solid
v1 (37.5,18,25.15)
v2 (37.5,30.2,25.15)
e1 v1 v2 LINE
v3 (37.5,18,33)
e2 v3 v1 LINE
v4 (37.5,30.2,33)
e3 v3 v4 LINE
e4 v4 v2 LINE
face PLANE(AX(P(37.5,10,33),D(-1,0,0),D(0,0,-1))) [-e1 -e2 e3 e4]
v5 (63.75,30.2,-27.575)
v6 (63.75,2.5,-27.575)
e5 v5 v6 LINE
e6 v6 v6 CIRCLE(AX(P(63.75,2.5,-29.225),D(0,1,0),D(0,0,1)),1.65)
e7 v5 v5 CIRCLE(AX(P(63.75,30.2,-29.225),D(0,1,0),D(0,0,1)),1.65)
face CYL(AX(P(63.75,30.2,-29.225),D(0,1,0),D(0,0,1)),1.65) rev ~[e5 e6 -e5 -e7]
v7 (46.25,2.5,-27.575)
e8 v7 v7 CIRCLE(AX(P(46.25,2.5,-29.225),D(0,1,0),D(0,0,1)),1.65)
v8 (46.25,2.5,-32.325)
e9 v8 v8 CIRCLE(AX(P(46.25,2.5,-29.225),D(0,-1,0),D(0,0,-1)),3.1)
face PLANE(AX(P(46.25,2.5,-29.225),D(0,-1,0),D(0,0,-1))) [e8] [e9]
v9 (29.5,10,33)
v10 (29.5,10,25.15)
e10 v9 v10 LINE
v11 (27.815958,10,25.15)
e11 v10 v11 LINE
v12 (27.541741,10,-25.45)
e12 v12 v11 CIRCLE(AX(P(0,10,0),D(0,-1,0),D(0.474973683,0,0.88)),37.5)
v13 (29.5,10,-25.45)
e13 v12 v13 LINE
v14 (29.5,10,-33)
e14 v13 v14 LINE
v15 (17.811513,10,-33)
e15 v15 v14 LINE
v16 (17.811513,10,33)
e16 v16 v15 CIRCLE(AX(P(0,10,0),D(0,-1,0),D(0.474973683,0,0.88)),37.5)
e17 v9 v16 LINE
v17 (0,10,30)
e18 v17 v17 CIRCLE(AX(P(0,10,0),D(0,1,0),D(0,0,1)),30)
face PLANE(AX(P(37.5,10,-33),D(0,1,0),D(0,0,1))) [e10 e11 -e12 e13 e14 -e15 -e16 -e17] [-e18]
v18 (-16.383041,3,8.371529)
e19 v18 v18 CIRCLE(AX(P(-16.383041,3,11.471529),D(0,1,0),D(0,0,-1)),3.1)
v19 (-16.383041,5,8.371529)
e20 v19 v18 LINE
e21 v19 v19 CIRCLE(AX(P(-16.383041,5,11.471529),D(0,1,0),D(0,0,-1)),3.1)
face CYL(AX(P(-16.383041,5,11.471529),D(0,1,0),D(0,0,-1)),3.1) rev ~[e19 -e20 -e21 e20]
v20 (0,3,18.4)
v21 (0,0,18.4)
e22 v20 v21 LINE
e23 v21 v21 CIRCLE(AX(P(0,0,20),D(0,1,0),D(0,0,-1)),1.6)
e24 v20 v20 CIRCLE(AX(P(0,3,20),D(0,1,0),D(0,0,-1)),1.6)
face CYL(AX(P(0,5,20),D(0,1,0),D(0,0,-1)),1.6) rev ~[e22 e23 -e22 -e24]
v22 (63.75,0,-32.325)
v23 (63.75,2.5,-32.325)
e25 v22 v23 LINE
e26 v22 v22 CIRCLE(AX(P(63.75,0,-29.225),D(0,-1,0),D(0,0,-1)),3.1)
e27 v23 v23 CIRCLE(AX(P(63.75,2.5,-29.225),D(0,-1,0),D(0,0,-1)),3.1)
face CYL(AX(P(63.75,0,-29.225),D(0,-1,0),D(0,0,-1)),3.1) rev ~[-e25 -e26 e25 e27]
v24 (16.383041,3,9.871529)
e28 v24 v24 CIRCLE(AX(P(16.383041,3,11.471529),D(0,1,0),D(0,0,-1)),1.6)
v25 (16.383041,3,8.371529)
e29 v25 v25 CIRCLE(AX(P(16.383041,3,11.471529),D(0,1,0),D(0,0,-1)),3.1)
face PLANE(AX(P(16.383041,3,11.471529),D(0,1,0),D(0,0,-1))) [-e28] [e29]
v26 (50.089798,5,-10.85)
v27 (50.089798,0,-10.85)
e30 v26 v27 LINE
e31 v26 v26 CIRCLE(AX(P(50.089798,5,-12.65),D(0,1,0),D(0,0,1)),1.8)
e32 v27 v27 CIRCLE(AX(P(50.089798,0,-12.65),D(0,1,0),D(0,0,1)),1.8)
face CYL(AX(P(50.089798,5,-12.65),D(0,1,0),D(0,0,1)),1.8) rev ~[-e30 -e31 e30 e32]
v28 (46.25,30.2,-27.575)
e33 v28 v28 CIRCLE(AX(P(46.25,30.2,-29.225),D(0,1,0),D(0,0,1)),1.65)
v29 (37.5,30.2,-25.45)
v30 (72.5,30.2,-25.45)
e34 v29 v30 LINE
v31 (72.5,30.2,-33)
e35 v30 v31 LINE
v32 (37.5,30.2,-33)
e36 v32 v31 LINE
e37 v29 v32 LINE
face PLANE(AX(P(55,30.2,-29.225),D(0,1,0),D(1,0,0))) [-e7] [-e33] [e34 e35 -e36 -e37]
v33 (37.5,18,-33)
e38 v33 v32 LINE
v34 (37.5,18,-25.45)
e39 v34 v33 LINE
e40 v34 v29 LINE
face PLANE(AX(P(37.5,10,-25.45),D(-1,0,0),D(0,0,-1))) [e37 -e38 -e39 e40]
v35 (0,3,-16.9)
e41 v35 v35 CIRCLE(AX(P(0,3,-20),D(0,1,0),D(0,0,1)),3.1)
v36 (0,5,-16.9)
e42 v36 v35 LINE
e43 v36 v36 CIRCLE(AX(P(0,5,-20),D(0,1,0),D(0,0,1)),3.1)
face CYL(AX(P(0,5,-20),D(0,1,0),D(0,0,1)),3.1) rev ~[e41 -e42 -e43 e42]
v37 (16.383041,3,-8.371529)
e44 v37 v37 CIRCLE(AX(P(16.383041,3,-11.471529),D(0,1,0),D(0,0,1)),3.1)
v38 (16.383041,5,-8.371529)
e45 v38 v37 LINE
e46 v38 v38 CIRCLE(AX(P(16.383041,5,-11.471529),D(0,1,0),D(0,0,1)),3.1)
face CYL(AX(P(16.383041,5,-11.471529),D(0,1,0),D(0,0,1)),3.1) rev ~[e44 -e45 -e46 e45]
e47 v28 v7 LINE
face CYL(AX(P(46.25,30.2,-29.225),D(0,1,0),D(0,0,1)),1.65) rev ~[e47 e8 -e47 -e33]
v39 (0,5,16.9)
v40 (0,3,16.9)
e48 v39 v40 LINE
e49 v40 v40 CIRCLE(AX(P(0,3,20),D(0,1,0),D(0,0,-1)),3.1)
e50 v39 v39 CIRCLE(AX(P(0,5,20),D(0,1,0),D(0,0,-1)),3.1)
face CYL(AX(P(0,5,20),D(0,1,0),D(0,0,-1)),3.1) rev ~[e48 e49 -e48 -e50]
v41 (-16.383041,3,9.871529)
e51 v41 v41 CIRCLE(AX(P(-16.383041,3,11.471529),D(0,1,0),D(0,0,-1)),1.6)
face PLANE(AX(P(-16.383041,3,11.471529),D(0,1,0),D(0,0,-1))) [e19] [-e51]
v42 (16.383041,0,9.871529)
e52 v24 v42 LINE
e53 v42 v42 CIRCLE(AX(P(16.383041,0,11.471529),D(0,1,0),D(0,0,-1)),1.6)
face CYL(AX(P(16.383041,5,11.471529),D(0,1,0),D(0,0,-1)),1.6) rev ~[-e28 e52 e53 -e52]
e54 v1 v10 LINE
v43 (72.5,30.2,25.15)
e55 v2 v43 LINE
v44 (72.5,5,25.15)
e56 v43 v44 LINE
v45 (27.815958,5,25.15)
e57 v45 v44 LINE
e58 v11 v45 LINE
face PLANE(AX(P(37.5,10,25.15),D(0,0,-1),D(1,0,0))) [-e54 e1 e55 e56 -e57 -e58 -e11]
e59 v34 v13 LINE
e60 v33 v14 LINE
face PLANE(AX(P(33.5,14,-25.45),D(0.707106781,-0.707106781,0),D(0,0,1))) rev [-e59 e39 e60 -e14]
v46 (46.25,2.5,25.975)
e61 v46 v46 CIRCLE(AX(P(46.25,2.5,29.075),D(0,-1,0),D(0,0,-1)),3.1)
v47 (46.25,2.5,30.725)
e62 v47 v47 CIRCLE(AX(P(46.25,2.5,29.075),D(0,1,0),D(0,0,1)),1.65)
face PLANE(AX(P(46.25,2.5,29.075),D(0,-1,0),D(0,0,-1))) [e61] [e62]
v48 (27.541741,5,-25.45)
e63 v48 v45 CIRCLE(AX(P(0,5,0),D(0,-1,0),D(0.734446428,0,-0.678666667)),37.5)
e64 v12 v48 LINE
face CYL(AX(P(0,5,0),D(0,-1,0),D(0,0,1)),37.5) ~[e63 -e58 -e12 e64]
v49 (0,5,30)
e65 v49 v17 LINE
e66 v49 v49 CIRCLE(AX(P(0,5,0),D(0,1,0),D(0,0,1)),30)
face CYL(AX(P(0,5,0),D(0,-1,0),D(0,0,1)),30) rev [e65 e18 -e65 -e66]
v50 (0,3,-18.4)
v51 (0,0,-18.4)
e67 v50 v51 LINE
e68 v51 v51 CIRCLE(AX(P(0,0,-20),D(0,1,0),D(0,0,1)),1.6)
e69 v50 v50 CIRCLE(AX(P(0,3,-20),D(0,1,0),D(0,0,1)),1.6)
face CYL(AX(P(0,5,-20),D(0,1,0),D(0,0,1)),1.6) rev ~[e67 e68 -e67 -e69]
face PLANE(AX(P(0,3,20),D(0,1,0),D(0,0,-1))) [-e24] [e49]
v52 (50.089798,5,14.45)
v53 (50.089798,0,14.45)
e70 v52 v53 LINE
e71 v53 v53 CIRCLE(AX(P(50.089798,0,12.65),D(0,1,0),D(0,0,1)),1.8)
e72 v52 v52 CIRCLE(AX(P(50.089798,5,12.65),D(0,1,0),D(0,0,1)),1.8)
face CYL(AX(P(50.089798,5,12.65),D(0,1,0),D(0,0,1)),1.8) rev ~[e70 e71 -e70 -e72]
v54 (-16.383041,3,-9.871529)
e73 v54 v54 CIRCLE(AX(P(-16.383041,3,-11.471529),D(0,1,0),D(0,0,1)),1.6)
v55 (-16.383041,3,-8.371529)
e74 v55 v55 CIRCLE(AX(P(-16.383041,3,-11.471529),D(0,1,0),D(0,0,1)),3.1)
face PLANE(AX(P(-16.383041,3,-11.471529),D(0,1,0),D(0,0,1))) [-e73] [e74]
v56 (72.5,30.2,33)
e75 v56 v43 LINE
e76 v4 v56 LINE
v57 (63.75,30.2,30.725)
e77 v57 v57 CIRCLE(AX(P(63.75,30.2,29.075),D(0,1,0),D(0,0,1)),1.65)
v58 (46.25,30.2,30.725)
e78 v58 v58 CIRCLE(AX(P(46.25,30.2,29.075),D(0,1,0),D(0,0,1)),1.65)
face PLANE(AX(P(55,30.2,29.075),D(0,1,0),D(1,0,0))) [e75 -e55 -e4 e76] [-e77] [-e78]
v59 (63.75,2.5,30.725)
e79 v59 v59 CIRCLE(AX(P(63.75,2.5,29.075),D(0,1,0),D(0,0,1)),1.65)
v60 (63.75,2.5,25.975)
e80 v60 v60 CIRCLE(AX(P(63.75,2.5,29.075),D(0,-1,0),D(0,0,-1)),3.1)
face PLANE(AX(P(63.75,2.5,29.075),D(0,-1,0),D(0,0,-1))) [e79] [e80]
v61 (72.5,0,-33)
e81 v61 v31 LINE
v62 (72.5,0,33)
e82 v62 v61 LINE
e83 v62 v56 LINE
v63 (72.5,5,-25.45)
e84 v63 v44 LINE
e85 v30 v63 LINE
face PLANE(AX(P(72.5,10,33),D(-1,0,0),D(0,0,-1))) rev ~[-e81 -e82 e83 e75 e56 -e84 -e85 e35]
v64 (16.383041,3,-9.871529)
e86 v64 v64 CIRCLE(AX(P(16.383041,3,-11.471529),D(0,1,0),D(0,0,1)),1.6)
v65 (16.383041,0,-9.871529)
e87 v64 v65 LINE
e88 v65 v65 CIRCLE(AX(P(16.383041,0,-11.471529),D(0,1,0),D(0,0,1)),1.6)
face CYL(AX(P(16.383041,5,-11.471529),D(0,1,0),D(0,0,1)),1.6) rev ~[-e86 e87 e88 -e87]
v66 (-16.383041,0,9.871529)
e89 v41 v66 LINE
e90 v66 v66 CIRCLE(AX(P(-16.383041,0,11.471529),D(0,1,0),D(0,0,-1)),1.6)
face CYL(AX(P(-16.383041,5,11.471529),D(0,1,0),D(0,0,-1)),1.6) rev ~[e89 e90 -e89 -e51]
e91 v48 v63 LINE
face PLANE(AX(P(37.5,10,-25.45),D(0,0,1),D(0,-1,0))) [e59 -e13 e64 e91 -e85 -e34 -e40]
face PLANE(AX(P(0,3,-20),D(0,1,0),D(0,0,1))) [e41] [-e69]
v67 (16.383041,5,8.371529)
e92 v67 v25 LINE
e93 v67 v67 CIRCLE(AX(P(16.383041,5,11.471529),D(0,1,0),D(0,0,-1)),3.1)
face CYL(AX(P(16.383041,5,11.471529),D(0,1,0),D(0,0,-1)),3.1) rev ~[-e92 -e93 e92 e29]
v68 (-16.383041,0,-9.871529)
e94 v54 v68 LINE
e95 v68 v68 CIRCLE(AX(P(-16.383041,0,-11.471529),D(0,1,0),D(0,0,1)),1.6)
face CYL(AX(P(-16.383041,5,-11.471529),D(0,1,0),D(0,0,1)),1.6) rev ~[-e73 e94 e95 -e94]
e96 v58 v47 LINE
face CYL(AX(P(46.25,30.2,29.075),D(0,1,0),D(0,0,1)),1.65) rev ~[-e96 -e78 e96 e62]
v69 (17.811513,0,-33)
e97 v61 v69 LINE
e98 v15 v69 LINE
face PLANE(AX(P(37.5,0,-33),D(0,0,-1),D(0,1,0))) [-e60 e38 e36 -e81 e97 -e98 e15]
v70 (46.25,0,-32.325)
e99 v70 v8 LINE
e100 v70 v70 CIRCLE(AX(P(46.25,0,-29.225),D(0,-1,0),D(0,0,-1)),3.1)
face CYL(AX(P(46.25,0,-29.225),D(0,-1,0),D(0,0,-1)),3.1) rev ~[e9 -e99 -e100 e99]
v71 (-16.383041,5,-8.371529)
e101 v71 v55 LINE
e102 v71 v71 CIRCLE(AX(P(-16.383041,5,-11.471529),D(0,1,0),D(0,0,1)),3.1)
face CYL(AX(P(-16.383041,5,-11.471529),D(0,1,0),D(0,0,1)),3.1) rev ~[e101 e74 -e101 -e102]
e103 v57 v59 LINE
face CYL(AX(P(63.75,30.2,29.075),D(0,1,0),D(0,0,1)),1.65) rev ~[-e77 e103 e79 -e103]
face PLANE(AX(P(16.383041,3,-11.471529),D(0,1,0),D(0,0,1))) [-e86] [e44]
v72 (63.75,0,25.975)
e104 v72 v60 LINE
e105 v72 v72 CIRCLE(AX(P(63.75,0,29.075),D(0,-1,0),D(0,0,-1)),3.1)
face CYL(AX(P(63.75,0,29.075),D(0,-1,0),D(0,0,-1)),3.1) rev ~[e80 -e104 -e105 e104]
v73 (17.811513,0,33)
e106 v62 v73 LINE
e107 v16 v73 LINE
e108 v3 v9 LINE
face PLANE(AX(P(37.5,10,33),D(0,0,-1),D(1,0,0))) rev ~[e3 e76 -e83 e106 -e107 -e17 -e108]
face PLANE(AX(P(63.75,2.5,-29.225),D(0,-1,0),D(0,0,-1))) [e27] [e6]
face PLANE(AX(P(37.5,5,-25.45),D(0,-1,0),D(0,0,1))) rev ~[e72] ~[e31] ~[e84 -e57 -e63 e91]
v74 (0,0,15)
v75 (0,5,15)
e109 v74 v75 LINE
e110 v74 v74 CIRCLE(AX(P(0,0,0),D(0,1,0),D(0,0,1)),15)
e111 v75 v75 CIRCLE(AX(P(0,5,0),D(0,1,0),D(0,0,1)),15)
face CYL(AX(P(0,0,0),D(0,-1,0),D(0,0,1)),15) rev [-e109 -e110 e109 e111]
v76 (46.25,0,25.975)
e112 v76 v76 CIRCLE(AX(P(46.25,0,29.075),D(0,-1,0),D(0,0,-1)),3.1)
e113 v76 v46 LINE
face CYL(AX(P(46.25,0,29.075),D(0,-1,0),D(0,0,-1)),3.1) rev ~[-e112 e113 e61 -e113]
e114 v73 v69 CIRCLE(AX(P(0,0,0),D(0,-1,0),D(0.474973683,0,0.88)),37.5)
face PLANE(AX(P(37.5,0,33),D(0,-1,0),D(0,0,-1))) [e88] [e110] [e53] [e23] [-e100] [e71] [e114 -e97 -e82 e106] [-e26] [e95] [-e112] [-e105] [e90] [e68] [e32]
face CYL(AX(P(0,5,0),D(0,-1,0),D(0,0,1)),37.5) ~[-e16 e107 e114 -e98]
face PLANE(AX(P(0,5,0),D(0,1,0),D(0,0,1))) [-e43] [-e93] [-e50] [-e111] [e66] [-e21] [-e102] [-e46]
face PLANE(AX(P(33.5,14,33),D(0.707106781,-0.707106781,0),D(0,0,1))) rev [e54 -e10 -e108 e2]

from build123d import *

# Parameters (mm, degrees)
SKETCH1_R                            = 37.5
SKETCH1_R_2                          = 15
BOSS_EXTRUDE2_DEPTH                  = 5
SKETCH3_R                            = 37.5
SKETCH3_R_2                          = 30
BOSS_EXTRUDE3_DEPTH                  = 5
SKETCH4_R                            = 1.6
CUT_EXTRUDE1_DEPTH                   = 5
SKETCH5_R                            = 3.1
CUT_EXTRUDE2_DEPTH                   = 2
BOSS_EXTRUDE4_DEPTH                  = 35
BOSS_EXTRUDE4_DIRECTION_2_REACH      = 86.447
BOSS_EXTRUDE4_DIRECTION_2_END_RADIUS = 37.5
SKETCH9_W                            = 35
SKETCH9_H                            = 7.85
SKETCH9_H_2                          = 7.55
BOSS_EXTRUDE5_DEPTH                  = 20.2
CHAMFER1_SIZE                        = 8
SKETCH11_R                           = 1.65
CUT_EXTRUDE3_DEPTH                   = 88.031833257
SKETCH12_R                           = 3.1
CUT_EXTRUDE4_DEPTH                   = 2.5
SKETCH15_R                           = 1.8
CUT_EXTRUDE5_DEPTH                   = 10


with BuildPart() as part:
    # Sketch1 → Boss-Extrude2 (new body)
    with BuildSketch(Plane(origin=(0, 0, 0), x_dir=(1, 0, 0), z_dir=(0, 1, 0))):
        with Locations(Location((0, 0, 0), (0, 0, 270))):
            Circle(SKETCH1_R)
        with Locations(Location((0, 0, 0), (0, 0, 270))):
            Circle(SKETCH1_R_2, mode=Mode.SUBTRACT)
    extrude(amount=BOSS_EXTRUDE2_DEPTH)

    # Sketch3 → Boss-Extrude3 (add)
    with BuildSketch(Plane(origin=(0, 5, 0), x_dir=(1, 0, 0), z_dir=(0, 1, 0))):
        with Locations(Location((0, 0, 0), (0, 0, 270))):
            Circle(SKETCH3_R)
        with Locations(Location((0, 0, 0), (0, 0, 270))):
            Circle(SKETCH3_R_2, mode=Mode.SUBTRACT)
    extrude(amount=BOSS_EXTRUDE3_DEPTH)

    # Sketch4 → Cut-Extrude1 (cut)
    with BuildSketch(Plane(origin=(0, 5, 0), x_dir=(1, 0, 0), z_dir=(0, 1, 0))):
        with Locations(Location((0, 20, 0), (0, 0, 270))):
            Circle(SKETCH4_R)
        with Locations(Location((-16.383040886, 11.471528727, 0), (0, 0, 270))):
            Circle(SKETCH4_R)
        with Locations(Location((16.383040886, 11.471528727, 0), (0, 0, 270))):
            Circle(SKETCH4_R)
        with Locations(Location((16.383040886, -11.471528727, 0), (0, 0, 90))):
            Circle(SKETCH4_R)
        with Locations(Location((0, -20, 0), (0, 0, 90))):
            Circle(SKETCH4_R)
        with Locations(Location((-16.383040886, -11.471528727, 0), (0, 0, 90))):
            Circle(SKETCH4_R)
    extrude(amount=-CUT_EXTRUDE1_DEPTH, mode=Mode.SUBTRACT)

    # Sketch5 → Cut-Extrude2 (cut)
    with BuildSketch(Plane(origin=(0, 5, 0), x_dir=(1, 0, 0), z_dir=(0, 1, 0))):
        with Locations(Location((0, 20, 0), (0, 0, 270))):
            Circle(SKETCH5_R)
        with Locations(Location((-16.383040886, 11.471528727, 0), (0, 0, 270))):
            Circle(SKETCH5_R)
        with Locations(Location((16.383040886, 11.471528727, 0), (0, 0, 270))):
            Circle(SKETCH5_R)
        with Locations(Location((16.383040886, -11.471528727, 0), (0, 0, 90))):
            Circle(SKETCH5_R)
        with Locations(Location((-16.383040886, -11.471528727, 0), (0, 0, 90))):
            Circle(SKETCH5_R)
        with Locations(Location((0, -20, 0), (0, 0, 90))):
            Circle(SKETCH5_R)
    extrude(amount=-CUT_EXTRUDE2_DEPTH, mode=Mode.SUBTRACT)

    # Sketch8 → Boss-Extrude4 (add)
    with BuildSketch(Plane(origin=(37.5, 0, 0), x_dir=(0, 0, -1), z_dir=(1, 0, 0))):
        Polygon((33, 0), (33, 10), (25.45, 10), (25.45, 5), (-25.15, 5), (-25.15, 10), (-33, 10), (-33, 0), align=None)
    extrude(amount=BOSS_EXTRUDE4_DEPTH)

    # Boss-Extrude4 direction 2: up to this cylinder (the profile starts outside it)
    boss_extrude4_direction_2_end = Plane(origin=(0, 3.445946, 0), z_dir=(0, -1, 0)) * Cylinder(BOSS_EXTRUDE4_DIRECTION_2_END_RADIUS, 248.894, mode=Mode.PRIVATE)
    # Sketch8 → Boss-Extrude4 direction 2 (add, up to the surface)
    with BuildSketch(Plane(origin=(37.5, 0, 0), x_dir=(0, 0, -1), z_dir=(1, 0, 0)), mode=Mode.PRIVATE) as boss_extrude4_direction_2_sk1:
        Polygon((33, 0), (33, 10), (25.45, 10), (25.45, 5), (-25.15, 5), (-25.15, 10), (-33, 10), (-33, 0), align=None)
    boss_extrude4_direction_2_tool1 = extrude(boss_extrude4_direction_2_sk1.sketch, amount=-BOSS_EXTRUDE4_DIRECTION_2_REACH, mode=Mode.PRIVATE) - boss_extrude4_direction_2_end
    add(boss_extrude4_direction_2_tool1.solids().sort_by_distance((37.5, 3.445946, 0.093243))[0])
    add(boss_extrude4_direction_2_tool1.solids().sort_by_distance((37.5, 3.445946, 0.093243))[1])

    # Sketch9 → Boss-Extrude5 (add)
    with BuildSketch(Plane(origin=(0, 10, 0), x_dir=(1, 0, 0), z_dir=(0, 1, 0))):
        with Locations((55, -29.075)):
            Rectangle(SKETCH9_W, SKETCH9_H)
        with Locations((55, 29.225)):
            Rectangle(SKETCH9_W, SKETCH9_H_2)
    extrude(amount=BOSS_EXTRUDE5_DEPTH)

    # Chamfer1
    chamfer1_edges = [part.edges().sort_by_distance(p)[0] for p in [
        (37.5, 10, 29.075),
        (37.5, 10, -29.225),
    ]]
    chamfer(chamfer1_edges, length=CHAMFER1_SIZE)

    # Sketch11 → Cut-Extrude3 (cut, through all)
    with BuildSketch(Plane(origin=(0, 30.2, 0), x_dir=(1, 0, 0), z_dir=(0, 1, 0))):
        with Locations(Location((46.25, 29.225, 0), (0, 0, 270))):
            Circle(SKETCH11_R)
        with Locations(Location((63.75, 29.225, 0), (0, 0, 270))):
            Circle(SKETCH11_R)
        with Locations(Location((63.75, -29.075, 0), (0, 0, 270))):
            Circle(SKETCH11_R)
        with Locations(Location((46.25, -29.075, 0), (0, 0, 270))):
            Circle(SKETCH11_R)
    extrude(amount=-CUT_EXTRUDE3_DEPTH, mode=Mode.SUBTRACT)

    # Sketch12 → Cut-Extrude4 (cut)
    with BuildSketch(Plane.XZ):
        with Locations(Location((46.25, 29.075, 0), (0, 0, 270))):
            Circle(SKETCH12_R)
        with Locations(Location((63.75, 29.075, 0), (0, 0, 270))):
            Circle(SKETCH12_R)
        with Locations(Location((63.75, -29.225, 0), (0, 0, 270))):
            Circle(SKETCH12_R)
        with Locations(Location((46.25, -29.225, 0), (0, 0, 270))):
            Circle(SKETCH12_R)
    extrude(amount=-CUT_EXTRUDE4_DEPTH, mode=Mode.SUBTRACT)

    # Sketch15 → Cut-Extrude5 (cut)
    with BuildSketch(Plane(origin=(0, 5, 0), x_dir=(1, 0, 0), z_dir=(0, 1, 0))):
        with Locations(Location((50.089797686, 12.65, 0), (0, 0, 270))):
            Circle(SKETCH15_R)
        with Locations(Location((50.089797686, -12.65, 0), (0, 0, 270))):
            Circle(SKETCH15_R)
    extrude(amount=-CUT_EXTRUDE5_DEPTH, mode=Mode.SUBTRACT)


solid = part.part
